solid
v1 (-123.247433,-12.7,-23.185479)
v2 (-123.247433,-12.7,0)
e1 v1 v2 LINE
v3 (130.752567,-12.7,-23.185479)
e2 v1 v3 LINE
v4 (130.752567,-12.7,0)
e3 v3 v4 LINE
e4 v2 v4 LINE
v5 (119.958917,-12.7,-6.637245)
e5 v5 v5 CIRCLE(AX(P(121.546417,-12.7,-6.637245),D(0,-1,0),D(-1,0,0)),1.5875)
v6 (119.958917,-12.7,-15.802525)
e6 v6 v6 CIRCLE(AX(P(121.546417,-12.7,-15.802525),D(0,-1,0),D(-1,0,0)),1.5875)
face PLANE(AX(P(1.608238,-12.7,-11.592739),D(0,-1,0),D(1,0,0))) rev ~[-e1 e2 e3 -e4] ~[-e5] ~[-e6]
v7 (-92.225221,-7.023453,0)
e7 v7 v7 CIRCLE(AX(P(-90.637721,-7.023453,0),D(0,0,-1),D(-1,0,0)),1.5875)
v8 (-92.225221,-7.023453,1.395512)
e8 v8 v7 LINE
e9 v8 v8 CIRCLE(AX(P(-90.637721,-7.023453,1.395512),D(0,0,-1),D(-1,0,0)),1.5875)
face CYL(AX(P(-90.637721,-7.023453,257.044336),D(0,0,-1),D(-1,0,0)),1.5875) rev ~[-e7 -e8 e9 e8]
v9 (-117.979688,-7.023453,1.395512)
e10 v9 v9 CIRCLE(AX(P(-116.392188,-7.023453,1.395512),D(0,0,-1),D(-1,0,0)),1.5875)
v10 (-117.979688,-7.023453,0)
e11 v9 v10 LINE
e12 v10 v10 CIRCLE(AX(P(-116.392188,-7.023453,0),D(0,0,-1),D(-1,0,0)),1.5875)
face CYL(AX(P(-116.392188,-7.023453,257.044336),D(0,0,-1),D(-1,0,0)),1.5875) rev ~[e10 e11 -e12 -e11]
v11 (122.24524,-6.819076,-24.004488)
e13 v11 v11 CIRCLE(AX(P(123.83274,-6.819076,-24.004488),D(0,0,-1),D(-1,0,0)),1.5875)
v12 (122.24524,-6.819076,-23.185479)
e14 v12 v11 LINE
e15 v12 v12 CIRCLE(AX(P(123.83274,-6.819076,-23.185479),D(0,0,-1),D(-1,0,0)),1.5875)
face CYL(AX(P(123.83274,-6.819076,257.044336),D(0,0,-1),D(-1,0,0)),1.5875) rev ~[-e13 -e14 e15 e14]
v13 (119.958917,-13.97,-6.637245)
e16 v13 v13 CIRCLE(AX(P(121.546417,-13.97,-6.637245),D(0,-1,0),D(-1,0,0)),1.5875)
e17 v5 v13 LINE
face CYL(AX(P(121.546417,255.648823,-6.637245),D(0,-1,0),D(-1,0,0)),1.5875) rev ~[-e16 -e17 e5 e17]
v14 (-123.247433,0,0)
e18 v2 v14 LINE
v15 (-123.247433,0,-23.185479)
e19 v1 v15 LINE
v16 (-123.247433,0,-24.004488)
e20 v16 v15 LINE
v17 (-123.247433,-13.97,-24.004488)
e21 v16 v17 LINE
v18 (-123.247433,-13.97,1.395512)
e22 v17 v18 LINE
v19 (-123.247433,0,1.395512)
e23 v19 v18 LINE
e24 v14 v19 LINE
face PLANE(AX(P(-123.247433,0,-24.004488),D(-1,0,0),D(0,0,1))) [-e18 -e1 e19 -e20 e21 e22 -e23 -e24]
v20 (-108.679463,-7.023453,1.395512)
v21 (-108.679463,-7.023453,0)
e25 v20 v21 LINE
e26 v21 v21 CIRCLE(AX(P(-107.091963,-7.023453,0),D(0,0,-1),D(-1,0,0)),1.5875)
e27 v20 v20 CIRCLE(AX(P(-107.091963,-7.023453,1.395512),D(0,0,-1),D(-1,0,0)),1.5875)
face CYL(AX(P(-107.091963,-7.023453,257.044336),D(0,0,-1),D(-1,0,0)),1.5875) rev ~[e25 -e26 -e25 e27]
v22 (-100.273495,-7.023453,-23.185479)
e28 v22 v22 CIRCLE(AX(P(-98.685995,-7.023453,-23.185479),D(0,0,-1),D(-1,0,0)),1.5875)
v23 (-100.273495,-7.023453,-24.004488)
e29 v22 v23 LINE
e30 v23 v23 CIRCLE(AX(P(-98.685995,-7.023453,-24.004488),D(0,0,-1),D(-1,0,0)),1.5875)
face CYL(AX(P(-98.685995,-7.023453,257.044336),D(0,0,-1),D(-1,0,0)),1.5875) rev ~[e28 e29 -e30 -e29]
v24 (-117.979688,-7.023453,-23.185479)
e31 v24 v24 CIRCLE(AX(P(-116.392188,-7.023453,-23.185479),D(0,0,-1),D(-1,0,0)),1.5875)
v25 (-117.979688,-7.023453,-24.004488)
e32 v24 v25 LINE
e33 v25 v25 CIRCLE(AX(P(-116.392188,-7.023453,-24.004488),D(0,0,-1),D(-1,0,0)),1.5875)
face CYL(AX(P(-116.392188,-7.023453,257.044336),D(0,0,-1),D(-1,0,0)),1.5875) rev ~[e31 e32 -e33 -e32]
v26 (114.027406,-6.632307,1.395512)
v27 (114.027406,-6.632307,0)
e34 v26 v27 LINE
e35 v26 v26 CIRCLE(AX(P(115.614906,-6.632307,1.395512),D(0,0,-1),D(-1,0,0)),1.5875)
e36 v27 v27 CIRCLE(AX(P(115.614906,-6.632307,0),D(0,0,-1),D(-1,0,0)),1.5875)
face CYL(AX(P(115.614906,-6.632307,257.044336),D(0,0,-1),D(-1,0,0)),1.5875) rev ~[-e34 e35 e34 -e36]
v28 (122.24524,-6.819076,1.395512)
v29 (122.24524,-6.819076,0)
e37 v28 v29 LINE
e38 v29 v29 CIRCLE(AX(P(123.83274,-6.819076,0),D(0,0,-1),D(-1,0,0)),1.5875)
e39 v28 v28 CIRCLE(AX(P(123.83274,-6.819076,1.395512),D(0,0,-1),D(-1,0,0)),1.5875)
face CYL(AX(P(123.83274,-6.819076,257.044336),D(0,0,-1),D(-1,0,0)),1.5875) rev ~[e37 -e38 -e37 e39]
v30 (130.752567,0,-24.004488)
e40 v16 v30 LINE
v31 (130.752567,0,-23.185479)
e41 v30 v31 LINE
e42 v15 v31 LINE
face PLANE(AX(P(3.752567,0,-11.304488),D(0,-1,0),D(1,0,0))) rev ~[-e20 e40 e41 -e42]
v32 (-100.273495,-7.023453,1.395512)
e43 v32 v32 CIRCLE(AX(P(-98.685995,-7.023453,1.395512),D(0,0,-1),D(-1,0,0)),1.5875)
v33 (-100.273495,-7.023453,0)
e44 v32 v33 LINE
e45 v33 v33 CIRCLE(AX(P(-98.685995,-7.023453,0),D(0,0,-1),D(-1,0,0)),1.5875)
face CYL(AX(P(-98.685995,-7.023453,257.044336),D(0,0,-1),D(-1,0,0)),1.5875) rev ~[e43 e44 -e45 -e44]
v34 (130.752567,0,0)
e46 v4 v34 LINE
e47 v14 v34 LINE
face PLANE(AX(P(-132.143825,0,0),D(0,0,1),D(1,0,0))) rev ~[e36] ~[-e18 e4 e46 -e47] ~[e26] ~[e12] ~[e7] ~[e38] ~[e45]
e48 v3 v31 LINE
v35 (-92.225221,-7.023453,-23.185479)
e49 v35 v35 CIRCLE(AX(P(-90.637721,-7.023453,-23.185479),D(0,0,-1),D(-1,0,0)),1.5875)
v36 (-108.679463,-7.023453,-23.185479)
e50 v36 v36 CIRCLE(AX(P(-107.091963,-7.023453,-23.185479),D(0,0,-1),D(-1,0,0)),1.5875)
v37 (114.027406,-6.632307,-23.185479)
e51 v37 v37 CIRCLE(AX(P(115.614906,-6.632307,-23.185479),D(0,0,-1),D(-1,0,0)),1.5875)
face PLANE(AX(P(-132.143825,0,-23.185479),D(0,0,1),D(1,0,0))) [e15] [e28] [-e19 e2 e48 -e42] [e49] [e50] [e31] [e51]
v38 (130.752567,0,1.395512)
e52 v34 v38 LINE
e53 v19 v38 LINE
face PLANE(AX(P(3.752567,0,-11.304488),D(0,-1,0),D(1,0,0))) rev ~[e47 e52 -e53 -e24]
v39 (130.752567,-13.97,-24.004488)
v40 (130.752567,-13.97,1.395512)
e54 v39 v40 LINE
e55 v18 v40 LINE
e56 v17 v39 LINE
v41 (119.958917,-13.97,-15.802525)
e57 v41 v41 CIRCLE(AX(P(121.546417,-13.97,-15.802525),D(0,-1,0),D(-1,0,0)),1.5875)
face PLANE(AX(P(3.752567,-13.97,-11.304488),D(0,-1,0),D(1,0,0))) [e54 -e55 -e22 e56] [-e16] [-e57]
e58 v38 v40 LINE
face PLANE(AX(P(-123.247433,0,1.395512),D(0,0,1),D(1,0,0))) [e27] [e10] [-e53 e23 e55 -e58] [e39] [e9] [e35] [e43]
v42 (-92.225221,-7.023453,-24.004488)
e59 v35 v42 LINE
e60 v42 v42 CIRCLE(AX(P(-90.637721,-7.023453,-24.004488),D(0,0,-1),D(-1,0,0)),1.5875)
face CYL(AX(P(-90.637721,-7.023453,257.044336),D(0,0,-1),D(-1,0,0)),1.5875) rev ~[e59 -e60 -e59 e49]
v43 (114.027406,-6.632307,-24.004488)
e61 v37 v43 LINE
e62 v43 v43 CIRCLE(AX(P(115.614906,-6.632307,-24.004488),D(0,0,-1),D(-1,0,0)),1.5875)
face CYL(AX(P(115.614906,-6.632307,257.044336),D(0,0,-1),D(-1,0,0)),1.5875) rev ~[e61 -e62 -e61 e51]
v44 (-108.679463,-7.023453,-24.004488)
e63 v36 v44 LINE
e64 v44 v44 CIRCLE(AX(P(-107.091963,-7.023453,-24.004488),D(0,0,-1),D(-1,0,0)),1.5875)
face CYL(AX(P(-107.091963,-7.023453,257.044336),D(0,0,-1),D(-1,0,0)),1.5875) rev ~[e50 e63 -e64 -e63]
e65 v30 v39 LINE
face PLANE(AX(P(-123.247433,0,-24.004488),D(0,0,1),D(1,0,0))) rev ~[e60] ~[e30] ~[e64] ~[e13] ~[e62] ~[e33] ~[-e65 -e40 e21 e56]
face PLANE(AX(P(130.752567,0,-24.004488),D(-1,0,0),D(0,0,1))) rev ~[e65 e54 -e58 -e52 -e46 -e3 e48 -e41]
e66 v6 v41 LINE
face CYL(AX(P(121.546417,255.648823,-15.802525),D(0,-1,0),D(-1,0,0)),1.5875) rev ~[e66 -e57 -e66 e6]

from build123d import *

# Parameters (mm, degrees)
F0_W     = 254
F0_H     = 25.4
F1_DEPTH = 13.97
F2_W     = 267.5041258335
F2_H     = 23.1854785234
F3_DEPTH = 12.7
F5_D     = 3.175
F7_D     = 3.175


with BuildPart() as f1:
    # F0 (on Front) → F1 (new body)
    with BuildSketch(Plane.XZ):
        with Locations((3.752566874, -11.3044876873)):
            Rectangle(F0_W, F0_H)
    extrude(amount=F1_DEPTH)

    # F2 (on Front) → F3 (cut)
    with BuildSketch(Plane.XZ):
        with Locations((1.6082376242, -11.5927392617)):
            Rectangle(F2_W, F2_H)
    extrude(amount=F3_DEPTH, mode=Mode.SUBTRACT)

    # F5 (through all)
    with Locations(Plane.XY.offset(1.3955123127)):
        with Locations((123.8327398896, -6.8190763704), (115.6149059534, -6.6323070787), (-116.3921877742, -7.0234532468), (-107.0919632912, -7.0234532468), (-98.6859947443, -7.0234532468), (-90.6377211213, -7.0234532468)):
            Hole(F5_D / 2)

    # F7 (through all)
    with Locations(Plane(origin=(0, 0, 0), x_dir=(1, 0, 0), z_dir=(0, 1, 0))):
        with Locations((121.5464174747, 6.637244951), (121.5464174747, 15.8025249839)):
            Hole(F7_D / 2)


solid = f1.part
